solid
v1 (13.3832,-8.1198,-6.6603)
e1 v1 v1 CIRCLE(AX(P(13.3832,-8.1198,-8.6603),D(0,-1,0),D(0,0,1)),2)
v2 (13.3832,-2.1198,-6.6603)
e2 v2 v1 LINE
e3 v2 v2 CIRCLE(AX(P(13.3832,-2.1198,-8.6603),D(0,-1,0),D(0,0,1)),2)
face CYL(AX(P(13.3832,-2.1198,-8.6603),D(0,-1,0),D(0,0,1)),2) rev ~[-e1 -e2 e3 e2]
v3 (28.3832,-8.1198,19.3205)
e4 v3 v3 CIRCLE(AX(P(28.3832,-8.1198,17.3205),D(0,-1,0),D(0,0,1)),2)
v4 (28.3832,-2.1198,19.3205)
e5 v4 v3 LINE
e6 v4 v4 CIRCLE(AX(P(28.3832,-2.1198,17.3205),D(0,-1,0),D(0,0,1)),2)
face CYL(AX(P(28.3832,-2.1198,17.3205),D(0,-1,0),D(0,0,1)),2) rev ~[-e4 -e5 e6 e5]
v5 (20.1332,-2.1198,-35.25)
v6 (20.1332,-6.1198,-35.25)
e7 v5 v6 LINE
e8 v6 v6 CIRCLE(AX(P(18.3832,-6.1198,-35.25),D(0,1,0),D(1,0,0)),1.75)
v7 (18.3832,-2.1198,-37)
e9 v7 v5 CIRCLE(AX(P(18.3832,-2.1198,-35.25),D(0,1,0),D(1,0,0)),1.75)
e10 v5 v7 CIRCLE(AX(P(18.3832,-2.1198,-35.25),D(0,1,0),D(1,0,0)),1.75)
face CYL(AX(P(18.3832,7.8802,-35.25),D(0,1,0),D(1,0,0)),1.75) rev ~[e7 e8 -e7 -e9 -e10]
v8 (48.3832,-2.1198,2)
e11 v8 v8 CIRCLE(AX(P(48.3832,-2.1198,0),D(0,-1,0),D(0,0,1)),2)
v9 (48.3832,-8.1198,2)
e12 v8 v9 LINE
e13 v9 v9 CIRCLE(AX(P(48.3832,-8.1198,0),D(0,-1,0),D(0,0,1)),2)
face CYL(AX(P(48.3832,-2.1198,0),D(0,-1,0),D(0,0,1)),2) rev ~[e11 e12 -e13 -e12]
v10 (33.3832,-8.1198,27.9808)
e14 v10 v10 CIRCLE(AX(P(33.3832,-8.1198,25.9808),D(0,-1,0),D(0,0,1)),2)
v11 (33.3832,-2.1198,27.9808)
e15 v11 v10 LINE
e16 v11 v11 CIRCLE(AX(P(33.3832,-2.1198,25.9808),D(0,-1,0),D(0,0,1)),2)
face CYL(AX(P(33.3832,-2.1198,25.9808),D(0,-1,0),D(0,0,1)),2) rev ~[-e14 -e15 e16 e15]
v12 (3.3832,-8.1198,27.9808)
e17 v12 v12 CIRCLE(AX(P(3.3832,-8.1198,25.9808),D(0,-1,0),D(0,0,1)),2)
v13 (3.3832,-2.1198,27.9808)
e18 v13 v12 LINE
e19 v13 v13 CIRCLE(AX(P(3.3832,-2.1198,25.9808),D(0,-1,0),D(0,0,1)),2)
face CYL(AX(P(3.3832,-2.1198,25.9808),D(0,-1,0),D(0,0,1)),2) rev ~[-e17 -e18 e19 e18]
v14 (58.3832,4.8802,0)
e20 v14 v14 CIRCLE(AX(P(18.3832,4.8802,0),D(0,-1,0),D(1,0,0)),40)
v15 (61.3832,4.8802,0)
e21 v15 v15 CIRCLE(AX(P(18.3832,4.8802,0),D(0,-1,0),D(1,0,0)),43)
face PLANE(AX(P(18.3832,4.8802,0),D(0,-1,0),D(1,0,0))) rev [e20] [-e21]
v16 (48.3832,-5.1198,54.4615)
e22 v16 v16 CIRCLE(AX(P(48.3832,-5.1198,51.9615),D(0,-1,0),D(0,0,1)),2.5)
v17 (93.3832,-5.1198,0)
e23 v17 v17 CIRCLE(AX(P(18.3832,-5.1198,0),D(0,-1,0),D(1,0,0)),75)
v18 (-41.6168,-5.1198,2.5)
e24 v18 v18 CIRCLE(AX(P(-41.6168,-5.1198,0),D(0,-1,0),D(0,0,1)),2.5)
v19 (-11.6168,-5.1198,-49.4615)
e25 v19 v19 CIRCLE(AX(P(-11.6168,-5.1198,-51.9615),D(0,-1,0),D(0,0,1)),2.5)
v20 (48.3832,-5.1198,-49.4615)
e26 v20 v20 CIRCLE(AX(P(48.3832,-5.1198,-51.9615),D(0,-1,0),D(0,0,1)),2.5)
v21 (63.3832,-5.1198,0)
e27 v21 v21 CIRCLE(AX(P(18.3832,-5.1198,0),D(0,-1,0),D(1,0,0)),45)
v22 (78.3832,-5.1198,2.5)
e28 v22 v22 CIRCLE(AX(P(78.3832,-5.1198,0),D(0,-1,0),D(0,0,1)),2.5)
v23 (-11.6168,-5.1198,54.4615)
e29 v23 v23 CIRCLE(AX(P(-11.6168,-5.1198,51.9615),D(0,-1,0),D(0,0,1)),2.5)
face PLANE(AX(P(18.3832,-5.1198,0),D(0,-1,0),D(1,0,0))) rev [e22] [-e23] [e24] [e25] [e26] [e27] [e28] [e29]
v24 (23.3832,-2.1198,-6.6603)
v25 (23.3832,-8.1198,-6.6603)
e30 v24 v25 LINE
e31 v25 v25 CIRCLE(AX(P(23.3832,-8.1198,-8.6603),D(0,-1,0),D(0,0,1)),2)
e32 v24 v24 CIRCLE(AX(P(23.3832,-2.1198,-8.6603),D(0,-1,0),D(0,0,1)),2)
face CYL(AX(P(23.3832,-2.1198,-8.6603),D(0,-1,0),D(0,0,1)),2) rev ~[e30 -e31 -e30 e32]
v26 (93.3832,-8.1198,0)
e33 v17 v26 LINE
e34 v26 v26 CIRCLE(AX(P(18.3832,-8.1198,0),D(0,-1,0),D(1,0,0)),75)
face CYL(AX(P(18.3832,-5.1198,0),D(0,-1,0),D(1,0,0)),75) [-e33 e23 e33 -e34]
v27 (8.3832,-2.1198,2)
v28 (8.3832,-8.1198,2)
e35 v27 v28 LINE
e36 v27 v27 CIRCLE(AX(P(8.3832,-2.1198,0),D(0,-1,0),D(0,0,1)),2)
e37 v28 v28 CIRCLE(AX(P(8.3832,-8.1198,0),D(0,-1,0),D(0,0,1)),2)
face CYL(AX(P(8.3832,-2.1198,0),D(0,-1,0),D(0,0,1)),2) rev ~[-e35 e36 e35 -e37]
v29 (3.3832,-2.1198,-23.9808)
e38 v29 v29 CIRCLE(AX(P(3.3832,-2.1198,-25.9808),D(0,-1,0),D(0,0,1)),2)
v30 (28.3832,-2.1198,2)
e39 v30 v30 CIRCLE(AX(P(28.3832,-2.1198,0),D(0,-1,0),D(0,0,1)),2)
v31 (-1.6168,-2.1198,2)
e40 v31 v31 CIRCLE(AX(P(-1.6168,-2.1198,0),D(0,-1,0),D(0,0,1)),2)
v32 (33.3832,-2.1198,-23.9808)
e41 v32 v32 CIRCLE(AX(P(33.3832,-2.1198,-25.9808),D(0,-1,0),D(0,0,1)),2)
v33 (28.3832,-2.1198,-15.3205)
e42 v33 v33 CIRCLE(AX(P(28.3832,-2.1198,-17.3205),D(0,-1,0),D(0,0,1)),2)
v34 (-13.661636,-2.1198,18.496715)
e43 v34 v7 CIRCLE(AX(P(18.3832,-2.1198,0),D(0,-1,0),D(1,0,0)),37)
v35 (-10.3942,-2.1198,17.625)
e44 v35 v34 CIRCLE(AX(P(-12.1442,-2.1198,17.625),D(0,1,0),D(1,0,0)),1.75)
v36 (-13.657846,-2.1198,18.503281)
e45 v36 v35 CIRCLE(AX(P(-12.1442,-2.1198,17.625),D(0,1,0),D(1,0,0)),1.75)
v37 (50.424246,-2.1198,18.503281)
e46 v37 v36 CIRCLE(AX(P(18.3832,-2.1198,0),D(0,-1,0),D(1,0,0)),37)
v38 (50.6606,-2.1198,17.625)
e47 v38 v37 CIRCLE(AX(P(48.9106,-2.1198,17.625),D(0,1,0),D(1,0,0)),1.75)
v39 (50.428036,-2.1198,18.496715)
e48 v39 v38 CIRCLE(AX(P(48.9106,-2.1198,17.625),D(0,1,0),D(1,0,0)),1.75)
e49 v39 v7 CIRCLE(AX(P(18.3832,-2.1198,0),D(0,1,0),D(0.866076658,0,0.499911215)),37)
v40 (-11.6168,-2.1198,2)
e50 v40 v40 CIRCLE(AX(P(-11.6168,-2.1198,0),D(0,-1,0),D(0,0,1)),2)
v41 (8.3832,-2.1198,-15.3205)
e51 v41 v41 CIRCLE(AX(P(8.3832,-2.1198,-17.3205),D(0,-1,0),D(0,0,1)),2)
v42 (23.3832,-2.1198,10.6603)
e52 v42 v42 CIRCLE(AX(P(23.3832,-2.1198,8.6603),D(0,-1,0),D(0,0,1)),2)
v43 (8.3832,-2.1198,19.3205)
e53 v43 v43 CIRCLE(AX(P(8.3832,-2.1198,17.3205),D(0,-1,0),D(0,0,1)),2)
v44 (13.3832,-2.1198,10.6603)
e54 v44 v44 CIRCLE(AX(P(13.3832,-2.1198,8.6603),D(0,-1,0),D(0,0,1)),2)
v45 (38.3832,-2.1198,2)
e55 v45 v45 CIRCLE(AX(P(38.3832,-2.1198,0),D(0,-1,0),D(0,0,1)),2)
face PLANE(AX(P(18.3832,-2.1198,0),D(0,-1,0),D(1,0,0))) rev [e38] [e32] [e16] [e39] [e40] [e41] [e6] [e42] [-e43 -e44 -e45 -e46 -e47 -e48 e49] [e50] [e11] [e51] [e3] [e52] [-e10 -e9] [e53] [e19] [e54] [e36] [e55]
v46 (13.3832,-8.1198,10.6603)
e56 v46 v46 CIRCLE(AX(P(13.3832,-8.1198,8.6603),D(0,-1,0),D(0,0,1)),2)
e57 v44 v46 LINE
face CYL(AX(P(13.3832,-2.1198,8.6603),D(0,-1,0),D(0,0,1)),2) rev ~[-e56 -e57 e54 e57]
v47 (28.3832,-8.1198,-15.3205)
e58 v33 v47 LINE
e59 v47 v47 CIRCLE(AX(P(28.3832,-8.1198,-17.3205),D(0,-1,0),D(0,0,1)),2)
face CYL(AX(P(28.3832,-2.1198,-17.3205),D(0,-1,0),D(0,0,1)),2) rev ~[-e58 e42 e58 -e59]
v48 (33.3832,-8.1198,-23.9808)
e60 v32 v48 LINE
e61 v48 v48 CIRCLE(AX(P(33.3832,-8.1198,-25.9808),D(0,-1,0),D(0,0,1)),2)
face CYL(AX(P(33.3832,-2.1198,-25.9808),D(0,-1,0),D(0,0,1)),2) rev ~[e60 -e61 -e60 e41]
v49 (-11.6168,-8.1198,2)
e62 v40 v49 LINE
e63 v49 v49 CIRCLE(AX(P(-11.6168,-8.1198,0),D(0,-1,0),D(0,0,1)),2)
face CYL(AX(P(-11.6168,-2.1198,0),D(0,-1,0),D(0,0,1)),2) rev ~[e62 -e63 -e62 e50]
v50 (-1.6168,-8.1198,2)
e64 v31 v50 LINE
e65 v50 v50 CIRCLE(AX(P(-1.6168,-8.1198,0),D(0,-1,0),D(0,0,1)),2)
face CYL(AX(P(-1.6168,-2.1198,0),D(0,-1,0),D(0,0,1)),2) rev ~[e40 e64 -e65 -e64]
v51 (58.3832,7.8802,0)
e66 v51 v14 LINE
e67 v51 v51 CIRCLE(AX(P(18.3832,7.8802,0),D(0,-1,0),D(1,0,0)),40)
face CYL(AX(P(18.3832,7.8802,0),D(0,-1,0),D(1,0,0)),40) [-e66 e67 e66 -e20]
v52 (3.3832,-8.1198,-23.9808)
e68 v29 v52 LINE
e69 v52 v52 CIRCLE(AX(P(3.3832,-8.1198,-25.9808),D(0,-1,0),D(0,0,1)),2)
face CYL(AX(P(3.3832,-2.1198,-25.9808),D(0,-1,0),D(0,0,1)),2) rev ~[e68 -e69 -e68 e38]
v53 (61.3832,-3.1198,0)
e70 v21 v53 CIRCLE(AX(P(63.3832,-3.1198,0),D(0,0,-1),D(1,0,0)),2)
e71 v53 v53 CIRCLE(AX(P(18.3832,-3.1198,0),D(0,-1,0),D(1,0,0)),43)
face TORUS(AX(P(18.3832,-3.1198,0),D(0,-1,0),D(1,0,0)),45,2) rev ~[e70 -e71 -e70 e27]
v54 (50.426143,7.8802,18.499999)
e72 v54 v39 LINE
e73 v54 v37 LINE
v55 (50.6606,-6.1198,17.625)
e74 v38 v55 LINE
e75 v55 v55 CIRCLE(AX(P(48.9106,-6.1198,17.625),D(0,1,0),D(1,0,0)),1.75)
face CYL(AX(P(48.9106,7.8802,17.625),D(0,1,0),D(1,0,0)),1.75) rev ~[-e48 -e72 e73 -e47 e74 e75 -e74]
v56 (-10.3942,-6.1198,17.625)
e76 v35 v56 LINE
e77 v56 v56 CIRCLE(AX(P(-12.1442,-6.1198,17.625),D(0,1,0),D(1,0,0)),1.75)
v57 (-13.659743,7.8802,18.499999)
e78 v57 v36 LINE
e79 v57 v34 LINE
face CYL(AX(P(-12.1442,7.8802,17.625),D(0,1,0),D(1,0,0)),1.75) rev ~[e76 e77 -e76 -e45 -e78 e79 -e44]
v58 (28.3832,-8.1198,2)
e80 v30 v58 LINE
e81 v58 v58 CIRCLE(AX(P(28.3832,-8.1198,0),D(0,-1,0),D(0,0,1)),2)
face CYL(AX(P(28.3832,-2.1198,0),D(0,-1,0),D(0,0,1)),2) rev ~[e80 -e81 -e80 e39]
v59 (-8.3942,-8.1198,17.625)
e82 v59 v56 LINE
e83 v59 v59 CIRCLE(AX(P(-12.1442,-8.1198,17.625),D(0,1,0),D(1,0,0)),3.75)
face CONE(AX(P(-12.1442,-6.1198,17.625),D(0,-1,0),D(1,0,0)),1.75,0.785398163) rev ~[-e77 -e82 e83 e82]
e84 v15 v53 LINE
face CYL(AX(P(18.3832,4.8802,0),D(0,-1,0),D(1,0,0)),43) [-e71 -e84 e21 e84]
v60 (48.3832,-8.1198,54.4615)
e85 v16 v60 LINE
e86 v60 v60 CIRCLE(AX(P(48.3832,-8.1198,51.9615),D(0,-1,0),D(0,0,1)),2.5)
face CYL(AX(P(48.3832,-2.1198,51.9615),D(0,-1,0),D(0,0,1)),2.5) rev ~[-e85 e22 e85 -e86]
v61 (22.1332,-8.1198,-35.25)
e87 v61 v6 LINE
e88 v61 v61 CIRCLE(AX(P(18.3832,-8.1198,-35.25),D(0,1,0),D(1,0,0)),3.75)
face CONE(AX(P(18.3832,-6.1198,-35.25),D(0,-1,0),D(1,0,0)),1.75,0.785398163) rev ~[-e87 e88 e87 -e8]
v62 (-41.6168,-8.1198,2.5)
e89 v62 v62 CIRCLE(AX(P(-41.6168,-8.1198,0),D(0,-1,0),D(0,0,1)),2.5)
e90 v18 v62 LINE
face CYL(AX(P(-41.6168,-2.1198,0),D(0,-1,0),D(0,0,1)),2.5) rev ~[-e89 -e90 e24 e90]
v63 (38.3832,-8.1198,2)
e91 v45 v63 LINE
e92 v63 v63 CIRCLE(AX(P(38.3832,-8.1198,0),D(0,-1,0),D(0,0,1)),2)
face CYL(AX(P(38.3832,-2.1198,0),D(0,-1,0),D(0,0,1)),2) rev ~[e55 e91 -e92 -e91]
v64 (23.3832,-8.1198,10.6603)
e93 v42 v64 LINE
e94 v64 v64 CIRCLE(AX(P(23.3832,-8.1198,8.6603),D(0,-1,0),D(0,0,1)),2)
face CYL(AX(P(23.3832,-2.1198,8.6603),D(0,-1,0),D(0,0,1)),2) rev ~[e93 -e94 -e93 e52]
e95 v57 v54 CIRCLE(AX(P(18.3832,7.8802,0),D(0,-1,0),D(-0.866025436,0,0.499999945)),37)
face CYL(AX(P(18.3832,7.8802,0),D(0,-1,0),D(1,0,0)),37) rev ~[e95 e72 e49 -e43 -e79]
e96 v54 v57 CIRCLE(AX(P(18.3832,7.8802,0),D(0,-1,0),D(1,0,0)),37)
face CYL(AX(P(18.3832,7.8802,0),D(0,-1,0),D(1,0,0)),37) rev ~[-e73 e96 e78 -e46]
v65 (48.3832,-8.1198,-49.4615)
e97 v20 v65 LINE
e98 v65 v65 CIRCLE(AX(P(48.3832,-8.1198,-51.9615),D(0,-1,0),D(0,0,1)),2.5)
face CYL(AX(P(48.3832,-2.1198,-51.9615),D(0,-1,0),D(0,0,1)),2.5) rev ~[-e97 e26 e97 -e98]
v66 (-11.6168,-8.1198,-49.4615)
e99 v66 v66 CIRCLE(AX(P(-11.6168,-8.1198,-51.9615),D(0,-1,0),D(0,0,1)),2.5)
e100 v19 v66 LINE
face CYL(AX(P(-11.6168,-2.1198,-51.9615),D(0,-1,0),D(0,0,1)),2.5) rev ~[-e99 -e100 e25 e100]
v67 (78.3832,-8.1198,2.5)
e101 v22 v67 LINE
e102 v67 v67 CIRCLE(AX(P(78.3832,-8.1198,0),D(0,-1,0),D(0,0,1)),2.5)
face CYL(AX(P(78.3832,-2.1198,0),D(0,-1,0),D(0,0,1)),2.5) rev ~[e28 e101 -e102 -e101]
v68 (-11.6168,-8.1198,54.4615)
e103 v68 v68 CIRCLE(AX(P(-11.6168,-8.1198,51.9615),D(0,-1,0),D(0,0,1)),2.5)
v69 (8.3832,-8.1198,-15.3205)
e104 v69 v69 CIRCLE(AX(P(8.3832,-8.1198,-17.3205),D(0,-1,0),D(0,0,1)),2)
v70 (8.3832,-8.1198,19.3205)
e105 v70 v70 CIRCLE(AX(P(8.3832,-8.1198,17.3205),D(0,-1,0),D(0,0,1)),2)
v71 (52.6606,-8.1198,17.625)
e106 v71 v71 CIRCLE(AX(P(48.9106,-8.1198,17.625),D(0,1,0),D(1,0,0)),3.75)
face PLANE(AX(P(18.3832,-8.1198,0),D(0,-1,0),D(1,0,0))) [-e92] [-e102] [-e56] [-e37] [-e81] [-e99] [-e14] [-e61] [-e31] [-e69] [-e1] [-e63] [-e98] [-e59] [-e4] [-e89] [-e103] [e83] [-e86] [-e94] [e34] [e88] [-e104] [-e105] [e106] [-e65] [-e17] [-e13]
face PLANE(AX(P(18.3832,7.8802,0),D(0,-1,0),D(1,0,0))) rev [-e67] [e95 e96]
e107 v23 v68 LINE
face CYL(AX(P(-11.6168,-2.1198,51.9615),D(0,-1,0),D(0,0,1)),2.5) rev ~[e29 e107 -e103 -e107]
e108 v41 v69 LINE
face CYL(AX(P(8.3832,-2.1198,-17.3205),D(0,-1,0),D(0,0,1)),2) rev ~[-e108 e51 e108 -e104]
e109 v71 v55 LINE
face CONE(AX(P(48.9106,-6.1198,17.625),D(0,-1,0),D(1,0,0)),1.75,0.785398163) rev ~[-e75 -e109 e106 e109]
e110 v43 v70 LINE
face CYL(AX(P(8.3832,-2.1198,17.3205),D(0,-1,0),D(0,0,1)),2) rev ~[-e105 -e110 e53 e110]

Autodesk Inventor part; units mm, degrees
ref_plane "YZ Plane" through (0, 0, 0) normal (1, 0, 0) x (0, 1, 0)
ref_plane "XZ Plane" through (0, 0, 0) normal (0, 1, 0) x (-1, 0, 0)
ref_plane "XY Plane" through (0, 0, 0) normal (0, 0, 1) x (1, 0, 0)
sketch "Sketch1" plane through (0, 0, 0) normal (0, 0, 1) x (1, 0, 0)
  line L0 (18.3832, 17.5749) -> (18.3832, -20.5689)
  line L1 (68.3832, 14.8802) -> (68.3832, 4.8802) construction
  line L2 (-31.6168, 4.8802) -> (-31.6168, 14.8802) construction
  line L3 (-31.6168, 14.8802) -> (-21.6168, 14.8802) construction
  line L4 (-21.6168, 14.8802) -> (-21.6168, 4.8802) construction
  line L5 (-21.6168, 4.8802) -> (-31.6168, 4.8802) construction
  line L6 (-31.6168, 4.8802) -> (-31.6168, 14.8802) construction
  line L7 (68.3832, 14.8802) -> (-31.6168, 14.8802) construction
  line L8 (68.3832, 4.8802) -> (68.3832, 14.8802) construction
  line L9 (68.3832, 14.8802) -> (58.3832, 14.8802) construction
  line L10 (58.3832, 14.8802) -> (58.3832, 4.8802) construction
  line L11 (58.3832, 4.8802) -> (68.3832, 4.8802) construction
  line L12 (68.3832, 4.8802) -> (68.3832, 14.8802) construction
  line L13 (55.3832, 7.8802) -> (58.3832, 7.8802)
  line L14 (58.3832, 7.8802) -> (58.3832, 4.8802)
  line L15 (18.3832, 4.8802) -> (18.3832, 7.8802)
  line L16 (58.3832, 4.8802) -> (61.3832, 4.8802)
  line L17 (61.3832, 4.8802) -> (61.3832, -5.1198)
  line L18 (18.3832, -2.1198) -> (18.3832, 4.8802)
  line L19 (93.3832, -5.1198) -> (93.3832, -8.1198)
  line L20 (93.3832, -8.1198) -> (18.3832, -8.1198)
  line L21 (18.3832, -8.1198) -> (18.3832, -2.1198)
  line L22 (55.3832, 7.8802) -> (55.3832, -2.1198)
  line L23 (-31.6168, 4.8802) -> (18.3832, 4.8802) construction
  line L24 (58.3832, 4.8802) -> (68.3832, 4.8802) construction
  line L25 (18.3832, -2.1198) -> (55.3832, -2.1198)
  line L26 (61.3832, -5.1198) -> (93.3832, -5.1198)
  line L27 (58.3832, 14.8802) -> (58.3832, 4.8802) construction
  point P0 (0, 0)
  dimension "d1" = 100
  dimension "d2" = 10
  dimension "d3" = 150
  dimension "d7" = 3
  dimension "d8" = 3
  dimension "d9" = 10
  dimension "d10" = 43
  dimension "d11" = 80
  dimension "d12" = 3
  dimension "d13" = 10
  dimension "d14" = 6
revolve "Revolution1" add sketch "Sketch1" angle 360 about axis through (18.3832, 17.5749, 0) along (0, -1, 0)
sketch "Sketch2" plane through (18.3832, -2.1198, 0) normal (0, 1, 0) x (1, 0, 0)
  circle A0 centre (0, 0) radius 37 projected
  line L0 (0, 0) -> (0, -138.0675)
  line L1 (0, 0) -> (-120, 0)
  circle A1 centre (-10, 0) radius 2
  circle A2 centre (-20, 0) radius 2
  circle A3 centre (-30, 0) radius 2
  circle A4 centre (-15, -25.9808) radius 2
  circle A5 centre (-10, -17.3205) radius 2
  circle A6 centre (-5, -8.6603) radius 2
  circle A7 centre (15, -25.9808) radius 2
  circle A8 centre (10, -17.3205) radius 2
  circle A9 centre (5, -8.6603) radius 2
  circle A10 centre (30, 0) radius 2
  circle A11 centre (20, 0) radius 2
  circle A12 centre (10, 0) radius 2
  circle A13 centre (15, 25.9808) radius 2
  circle A14 centre (10, 17.3205) radius 2
  circle A15 centre (5, 8.6603) radius 2
  circle A16 centre (-15, 25.9808) radius 2
  circle A17 centre (-10, 17.3205) radius 2
  circle A18 centre (-5, 8.6603) radius 2
  circle A19 centre (-60, 0) radius 2.5
  circle A20 centre (-30, -51.9615) radius 2.5
  circle A21 centre (30, -51.9615) radius 2.5
  circle A22 centre (60, 0) radius 2.5
  circle A23 centre (30, 51.9615) radius 2.5
  circle A24 centre (-30, 51.9615) radius 2.5
  point P0 (-18.3832, 0)
  dimension "d16" = 4
  dimension "d17" = 10
  dimension "d20" = 10
  dimension "d27" = 360
  dimension "d29" = 5
  dimension "d30" = 60
  dimension "d33" = 360
hole "Hole1" at (-41.6168, -2.1198, 0) at (-11.6168, -2.1198, 51.9615) at (48.3832, -2.1198, 51.9615) at (78.3832, -2.1198, 0) at (48.3832, -2.1198, -51.9615) at (-11.6168, -2.1198, -51.9615) direction (0, -1, 0) diameter 5 end through all
hole "Hole2" at (-11.6168, -2.1198, 0) at (3.3832, -2.1198, 25.9808) at (8.3832, -2.1198, 17.3205) at (13.3832, -2.1198, 8.6603) at (8.3832, -2.1198, 0) at (-1.6168, -2.1198, 0) at (8.3832, -2.1198, -17.3205) at (3.3832, -2.1198, -25.9808) at (13.3832, -2.1198, -8.6603) at (23.3832, -2.1198, -8.6603) at (28.3832, -2.1198, -17.3205) at (33.3832, -2.1198, -25.9808) at (48.3832, -2.1198, 0) at (38.3832, -2.1198, 0) at (28.3832, -2.1198, 0) at (33.3832, -2.1198, 25.9808) at (28.3832, -2.1198, 17.3205) at (23.3832, -2.1198, 8.6603) direction (0, -1, 0) diameter 4 end through all
fillet "Fillet1" radius 2 1 edges at (-24.6168, -5.1198, 0)
sketch "Sketch3" plane through (18.3832, 7.8802, 0) normal (0, 1, 0) x (1, 0, 0)
  circle A0 centre (0, 0) radius 37 projected
  circle A1 centre (0, 0) radius 40 projected
  circle A2 centre (0, 35.25) radius 1.75
  circle A3 centre (-30.5274, -17.625) radius 1.75
  circle A4 centre (30.5274, -17.625) radius 1.75
  point P0 (-18.3832, 0)
  dimension "d53" = 3.5
  dimension "d56" = 360
extrude "Extrusion1" cut sketch "Sketch3" against normal through all contours A2 | A3 | A4
chamfer "Chamfer2" distance 2 angle 45 3 edges at (47.1606, -8.1198, 17.625) (16.6332, -8.1198, -35.25) (-13.8942, -8.1198, 17.625)
properties part number "bearing-base-lower-case"
